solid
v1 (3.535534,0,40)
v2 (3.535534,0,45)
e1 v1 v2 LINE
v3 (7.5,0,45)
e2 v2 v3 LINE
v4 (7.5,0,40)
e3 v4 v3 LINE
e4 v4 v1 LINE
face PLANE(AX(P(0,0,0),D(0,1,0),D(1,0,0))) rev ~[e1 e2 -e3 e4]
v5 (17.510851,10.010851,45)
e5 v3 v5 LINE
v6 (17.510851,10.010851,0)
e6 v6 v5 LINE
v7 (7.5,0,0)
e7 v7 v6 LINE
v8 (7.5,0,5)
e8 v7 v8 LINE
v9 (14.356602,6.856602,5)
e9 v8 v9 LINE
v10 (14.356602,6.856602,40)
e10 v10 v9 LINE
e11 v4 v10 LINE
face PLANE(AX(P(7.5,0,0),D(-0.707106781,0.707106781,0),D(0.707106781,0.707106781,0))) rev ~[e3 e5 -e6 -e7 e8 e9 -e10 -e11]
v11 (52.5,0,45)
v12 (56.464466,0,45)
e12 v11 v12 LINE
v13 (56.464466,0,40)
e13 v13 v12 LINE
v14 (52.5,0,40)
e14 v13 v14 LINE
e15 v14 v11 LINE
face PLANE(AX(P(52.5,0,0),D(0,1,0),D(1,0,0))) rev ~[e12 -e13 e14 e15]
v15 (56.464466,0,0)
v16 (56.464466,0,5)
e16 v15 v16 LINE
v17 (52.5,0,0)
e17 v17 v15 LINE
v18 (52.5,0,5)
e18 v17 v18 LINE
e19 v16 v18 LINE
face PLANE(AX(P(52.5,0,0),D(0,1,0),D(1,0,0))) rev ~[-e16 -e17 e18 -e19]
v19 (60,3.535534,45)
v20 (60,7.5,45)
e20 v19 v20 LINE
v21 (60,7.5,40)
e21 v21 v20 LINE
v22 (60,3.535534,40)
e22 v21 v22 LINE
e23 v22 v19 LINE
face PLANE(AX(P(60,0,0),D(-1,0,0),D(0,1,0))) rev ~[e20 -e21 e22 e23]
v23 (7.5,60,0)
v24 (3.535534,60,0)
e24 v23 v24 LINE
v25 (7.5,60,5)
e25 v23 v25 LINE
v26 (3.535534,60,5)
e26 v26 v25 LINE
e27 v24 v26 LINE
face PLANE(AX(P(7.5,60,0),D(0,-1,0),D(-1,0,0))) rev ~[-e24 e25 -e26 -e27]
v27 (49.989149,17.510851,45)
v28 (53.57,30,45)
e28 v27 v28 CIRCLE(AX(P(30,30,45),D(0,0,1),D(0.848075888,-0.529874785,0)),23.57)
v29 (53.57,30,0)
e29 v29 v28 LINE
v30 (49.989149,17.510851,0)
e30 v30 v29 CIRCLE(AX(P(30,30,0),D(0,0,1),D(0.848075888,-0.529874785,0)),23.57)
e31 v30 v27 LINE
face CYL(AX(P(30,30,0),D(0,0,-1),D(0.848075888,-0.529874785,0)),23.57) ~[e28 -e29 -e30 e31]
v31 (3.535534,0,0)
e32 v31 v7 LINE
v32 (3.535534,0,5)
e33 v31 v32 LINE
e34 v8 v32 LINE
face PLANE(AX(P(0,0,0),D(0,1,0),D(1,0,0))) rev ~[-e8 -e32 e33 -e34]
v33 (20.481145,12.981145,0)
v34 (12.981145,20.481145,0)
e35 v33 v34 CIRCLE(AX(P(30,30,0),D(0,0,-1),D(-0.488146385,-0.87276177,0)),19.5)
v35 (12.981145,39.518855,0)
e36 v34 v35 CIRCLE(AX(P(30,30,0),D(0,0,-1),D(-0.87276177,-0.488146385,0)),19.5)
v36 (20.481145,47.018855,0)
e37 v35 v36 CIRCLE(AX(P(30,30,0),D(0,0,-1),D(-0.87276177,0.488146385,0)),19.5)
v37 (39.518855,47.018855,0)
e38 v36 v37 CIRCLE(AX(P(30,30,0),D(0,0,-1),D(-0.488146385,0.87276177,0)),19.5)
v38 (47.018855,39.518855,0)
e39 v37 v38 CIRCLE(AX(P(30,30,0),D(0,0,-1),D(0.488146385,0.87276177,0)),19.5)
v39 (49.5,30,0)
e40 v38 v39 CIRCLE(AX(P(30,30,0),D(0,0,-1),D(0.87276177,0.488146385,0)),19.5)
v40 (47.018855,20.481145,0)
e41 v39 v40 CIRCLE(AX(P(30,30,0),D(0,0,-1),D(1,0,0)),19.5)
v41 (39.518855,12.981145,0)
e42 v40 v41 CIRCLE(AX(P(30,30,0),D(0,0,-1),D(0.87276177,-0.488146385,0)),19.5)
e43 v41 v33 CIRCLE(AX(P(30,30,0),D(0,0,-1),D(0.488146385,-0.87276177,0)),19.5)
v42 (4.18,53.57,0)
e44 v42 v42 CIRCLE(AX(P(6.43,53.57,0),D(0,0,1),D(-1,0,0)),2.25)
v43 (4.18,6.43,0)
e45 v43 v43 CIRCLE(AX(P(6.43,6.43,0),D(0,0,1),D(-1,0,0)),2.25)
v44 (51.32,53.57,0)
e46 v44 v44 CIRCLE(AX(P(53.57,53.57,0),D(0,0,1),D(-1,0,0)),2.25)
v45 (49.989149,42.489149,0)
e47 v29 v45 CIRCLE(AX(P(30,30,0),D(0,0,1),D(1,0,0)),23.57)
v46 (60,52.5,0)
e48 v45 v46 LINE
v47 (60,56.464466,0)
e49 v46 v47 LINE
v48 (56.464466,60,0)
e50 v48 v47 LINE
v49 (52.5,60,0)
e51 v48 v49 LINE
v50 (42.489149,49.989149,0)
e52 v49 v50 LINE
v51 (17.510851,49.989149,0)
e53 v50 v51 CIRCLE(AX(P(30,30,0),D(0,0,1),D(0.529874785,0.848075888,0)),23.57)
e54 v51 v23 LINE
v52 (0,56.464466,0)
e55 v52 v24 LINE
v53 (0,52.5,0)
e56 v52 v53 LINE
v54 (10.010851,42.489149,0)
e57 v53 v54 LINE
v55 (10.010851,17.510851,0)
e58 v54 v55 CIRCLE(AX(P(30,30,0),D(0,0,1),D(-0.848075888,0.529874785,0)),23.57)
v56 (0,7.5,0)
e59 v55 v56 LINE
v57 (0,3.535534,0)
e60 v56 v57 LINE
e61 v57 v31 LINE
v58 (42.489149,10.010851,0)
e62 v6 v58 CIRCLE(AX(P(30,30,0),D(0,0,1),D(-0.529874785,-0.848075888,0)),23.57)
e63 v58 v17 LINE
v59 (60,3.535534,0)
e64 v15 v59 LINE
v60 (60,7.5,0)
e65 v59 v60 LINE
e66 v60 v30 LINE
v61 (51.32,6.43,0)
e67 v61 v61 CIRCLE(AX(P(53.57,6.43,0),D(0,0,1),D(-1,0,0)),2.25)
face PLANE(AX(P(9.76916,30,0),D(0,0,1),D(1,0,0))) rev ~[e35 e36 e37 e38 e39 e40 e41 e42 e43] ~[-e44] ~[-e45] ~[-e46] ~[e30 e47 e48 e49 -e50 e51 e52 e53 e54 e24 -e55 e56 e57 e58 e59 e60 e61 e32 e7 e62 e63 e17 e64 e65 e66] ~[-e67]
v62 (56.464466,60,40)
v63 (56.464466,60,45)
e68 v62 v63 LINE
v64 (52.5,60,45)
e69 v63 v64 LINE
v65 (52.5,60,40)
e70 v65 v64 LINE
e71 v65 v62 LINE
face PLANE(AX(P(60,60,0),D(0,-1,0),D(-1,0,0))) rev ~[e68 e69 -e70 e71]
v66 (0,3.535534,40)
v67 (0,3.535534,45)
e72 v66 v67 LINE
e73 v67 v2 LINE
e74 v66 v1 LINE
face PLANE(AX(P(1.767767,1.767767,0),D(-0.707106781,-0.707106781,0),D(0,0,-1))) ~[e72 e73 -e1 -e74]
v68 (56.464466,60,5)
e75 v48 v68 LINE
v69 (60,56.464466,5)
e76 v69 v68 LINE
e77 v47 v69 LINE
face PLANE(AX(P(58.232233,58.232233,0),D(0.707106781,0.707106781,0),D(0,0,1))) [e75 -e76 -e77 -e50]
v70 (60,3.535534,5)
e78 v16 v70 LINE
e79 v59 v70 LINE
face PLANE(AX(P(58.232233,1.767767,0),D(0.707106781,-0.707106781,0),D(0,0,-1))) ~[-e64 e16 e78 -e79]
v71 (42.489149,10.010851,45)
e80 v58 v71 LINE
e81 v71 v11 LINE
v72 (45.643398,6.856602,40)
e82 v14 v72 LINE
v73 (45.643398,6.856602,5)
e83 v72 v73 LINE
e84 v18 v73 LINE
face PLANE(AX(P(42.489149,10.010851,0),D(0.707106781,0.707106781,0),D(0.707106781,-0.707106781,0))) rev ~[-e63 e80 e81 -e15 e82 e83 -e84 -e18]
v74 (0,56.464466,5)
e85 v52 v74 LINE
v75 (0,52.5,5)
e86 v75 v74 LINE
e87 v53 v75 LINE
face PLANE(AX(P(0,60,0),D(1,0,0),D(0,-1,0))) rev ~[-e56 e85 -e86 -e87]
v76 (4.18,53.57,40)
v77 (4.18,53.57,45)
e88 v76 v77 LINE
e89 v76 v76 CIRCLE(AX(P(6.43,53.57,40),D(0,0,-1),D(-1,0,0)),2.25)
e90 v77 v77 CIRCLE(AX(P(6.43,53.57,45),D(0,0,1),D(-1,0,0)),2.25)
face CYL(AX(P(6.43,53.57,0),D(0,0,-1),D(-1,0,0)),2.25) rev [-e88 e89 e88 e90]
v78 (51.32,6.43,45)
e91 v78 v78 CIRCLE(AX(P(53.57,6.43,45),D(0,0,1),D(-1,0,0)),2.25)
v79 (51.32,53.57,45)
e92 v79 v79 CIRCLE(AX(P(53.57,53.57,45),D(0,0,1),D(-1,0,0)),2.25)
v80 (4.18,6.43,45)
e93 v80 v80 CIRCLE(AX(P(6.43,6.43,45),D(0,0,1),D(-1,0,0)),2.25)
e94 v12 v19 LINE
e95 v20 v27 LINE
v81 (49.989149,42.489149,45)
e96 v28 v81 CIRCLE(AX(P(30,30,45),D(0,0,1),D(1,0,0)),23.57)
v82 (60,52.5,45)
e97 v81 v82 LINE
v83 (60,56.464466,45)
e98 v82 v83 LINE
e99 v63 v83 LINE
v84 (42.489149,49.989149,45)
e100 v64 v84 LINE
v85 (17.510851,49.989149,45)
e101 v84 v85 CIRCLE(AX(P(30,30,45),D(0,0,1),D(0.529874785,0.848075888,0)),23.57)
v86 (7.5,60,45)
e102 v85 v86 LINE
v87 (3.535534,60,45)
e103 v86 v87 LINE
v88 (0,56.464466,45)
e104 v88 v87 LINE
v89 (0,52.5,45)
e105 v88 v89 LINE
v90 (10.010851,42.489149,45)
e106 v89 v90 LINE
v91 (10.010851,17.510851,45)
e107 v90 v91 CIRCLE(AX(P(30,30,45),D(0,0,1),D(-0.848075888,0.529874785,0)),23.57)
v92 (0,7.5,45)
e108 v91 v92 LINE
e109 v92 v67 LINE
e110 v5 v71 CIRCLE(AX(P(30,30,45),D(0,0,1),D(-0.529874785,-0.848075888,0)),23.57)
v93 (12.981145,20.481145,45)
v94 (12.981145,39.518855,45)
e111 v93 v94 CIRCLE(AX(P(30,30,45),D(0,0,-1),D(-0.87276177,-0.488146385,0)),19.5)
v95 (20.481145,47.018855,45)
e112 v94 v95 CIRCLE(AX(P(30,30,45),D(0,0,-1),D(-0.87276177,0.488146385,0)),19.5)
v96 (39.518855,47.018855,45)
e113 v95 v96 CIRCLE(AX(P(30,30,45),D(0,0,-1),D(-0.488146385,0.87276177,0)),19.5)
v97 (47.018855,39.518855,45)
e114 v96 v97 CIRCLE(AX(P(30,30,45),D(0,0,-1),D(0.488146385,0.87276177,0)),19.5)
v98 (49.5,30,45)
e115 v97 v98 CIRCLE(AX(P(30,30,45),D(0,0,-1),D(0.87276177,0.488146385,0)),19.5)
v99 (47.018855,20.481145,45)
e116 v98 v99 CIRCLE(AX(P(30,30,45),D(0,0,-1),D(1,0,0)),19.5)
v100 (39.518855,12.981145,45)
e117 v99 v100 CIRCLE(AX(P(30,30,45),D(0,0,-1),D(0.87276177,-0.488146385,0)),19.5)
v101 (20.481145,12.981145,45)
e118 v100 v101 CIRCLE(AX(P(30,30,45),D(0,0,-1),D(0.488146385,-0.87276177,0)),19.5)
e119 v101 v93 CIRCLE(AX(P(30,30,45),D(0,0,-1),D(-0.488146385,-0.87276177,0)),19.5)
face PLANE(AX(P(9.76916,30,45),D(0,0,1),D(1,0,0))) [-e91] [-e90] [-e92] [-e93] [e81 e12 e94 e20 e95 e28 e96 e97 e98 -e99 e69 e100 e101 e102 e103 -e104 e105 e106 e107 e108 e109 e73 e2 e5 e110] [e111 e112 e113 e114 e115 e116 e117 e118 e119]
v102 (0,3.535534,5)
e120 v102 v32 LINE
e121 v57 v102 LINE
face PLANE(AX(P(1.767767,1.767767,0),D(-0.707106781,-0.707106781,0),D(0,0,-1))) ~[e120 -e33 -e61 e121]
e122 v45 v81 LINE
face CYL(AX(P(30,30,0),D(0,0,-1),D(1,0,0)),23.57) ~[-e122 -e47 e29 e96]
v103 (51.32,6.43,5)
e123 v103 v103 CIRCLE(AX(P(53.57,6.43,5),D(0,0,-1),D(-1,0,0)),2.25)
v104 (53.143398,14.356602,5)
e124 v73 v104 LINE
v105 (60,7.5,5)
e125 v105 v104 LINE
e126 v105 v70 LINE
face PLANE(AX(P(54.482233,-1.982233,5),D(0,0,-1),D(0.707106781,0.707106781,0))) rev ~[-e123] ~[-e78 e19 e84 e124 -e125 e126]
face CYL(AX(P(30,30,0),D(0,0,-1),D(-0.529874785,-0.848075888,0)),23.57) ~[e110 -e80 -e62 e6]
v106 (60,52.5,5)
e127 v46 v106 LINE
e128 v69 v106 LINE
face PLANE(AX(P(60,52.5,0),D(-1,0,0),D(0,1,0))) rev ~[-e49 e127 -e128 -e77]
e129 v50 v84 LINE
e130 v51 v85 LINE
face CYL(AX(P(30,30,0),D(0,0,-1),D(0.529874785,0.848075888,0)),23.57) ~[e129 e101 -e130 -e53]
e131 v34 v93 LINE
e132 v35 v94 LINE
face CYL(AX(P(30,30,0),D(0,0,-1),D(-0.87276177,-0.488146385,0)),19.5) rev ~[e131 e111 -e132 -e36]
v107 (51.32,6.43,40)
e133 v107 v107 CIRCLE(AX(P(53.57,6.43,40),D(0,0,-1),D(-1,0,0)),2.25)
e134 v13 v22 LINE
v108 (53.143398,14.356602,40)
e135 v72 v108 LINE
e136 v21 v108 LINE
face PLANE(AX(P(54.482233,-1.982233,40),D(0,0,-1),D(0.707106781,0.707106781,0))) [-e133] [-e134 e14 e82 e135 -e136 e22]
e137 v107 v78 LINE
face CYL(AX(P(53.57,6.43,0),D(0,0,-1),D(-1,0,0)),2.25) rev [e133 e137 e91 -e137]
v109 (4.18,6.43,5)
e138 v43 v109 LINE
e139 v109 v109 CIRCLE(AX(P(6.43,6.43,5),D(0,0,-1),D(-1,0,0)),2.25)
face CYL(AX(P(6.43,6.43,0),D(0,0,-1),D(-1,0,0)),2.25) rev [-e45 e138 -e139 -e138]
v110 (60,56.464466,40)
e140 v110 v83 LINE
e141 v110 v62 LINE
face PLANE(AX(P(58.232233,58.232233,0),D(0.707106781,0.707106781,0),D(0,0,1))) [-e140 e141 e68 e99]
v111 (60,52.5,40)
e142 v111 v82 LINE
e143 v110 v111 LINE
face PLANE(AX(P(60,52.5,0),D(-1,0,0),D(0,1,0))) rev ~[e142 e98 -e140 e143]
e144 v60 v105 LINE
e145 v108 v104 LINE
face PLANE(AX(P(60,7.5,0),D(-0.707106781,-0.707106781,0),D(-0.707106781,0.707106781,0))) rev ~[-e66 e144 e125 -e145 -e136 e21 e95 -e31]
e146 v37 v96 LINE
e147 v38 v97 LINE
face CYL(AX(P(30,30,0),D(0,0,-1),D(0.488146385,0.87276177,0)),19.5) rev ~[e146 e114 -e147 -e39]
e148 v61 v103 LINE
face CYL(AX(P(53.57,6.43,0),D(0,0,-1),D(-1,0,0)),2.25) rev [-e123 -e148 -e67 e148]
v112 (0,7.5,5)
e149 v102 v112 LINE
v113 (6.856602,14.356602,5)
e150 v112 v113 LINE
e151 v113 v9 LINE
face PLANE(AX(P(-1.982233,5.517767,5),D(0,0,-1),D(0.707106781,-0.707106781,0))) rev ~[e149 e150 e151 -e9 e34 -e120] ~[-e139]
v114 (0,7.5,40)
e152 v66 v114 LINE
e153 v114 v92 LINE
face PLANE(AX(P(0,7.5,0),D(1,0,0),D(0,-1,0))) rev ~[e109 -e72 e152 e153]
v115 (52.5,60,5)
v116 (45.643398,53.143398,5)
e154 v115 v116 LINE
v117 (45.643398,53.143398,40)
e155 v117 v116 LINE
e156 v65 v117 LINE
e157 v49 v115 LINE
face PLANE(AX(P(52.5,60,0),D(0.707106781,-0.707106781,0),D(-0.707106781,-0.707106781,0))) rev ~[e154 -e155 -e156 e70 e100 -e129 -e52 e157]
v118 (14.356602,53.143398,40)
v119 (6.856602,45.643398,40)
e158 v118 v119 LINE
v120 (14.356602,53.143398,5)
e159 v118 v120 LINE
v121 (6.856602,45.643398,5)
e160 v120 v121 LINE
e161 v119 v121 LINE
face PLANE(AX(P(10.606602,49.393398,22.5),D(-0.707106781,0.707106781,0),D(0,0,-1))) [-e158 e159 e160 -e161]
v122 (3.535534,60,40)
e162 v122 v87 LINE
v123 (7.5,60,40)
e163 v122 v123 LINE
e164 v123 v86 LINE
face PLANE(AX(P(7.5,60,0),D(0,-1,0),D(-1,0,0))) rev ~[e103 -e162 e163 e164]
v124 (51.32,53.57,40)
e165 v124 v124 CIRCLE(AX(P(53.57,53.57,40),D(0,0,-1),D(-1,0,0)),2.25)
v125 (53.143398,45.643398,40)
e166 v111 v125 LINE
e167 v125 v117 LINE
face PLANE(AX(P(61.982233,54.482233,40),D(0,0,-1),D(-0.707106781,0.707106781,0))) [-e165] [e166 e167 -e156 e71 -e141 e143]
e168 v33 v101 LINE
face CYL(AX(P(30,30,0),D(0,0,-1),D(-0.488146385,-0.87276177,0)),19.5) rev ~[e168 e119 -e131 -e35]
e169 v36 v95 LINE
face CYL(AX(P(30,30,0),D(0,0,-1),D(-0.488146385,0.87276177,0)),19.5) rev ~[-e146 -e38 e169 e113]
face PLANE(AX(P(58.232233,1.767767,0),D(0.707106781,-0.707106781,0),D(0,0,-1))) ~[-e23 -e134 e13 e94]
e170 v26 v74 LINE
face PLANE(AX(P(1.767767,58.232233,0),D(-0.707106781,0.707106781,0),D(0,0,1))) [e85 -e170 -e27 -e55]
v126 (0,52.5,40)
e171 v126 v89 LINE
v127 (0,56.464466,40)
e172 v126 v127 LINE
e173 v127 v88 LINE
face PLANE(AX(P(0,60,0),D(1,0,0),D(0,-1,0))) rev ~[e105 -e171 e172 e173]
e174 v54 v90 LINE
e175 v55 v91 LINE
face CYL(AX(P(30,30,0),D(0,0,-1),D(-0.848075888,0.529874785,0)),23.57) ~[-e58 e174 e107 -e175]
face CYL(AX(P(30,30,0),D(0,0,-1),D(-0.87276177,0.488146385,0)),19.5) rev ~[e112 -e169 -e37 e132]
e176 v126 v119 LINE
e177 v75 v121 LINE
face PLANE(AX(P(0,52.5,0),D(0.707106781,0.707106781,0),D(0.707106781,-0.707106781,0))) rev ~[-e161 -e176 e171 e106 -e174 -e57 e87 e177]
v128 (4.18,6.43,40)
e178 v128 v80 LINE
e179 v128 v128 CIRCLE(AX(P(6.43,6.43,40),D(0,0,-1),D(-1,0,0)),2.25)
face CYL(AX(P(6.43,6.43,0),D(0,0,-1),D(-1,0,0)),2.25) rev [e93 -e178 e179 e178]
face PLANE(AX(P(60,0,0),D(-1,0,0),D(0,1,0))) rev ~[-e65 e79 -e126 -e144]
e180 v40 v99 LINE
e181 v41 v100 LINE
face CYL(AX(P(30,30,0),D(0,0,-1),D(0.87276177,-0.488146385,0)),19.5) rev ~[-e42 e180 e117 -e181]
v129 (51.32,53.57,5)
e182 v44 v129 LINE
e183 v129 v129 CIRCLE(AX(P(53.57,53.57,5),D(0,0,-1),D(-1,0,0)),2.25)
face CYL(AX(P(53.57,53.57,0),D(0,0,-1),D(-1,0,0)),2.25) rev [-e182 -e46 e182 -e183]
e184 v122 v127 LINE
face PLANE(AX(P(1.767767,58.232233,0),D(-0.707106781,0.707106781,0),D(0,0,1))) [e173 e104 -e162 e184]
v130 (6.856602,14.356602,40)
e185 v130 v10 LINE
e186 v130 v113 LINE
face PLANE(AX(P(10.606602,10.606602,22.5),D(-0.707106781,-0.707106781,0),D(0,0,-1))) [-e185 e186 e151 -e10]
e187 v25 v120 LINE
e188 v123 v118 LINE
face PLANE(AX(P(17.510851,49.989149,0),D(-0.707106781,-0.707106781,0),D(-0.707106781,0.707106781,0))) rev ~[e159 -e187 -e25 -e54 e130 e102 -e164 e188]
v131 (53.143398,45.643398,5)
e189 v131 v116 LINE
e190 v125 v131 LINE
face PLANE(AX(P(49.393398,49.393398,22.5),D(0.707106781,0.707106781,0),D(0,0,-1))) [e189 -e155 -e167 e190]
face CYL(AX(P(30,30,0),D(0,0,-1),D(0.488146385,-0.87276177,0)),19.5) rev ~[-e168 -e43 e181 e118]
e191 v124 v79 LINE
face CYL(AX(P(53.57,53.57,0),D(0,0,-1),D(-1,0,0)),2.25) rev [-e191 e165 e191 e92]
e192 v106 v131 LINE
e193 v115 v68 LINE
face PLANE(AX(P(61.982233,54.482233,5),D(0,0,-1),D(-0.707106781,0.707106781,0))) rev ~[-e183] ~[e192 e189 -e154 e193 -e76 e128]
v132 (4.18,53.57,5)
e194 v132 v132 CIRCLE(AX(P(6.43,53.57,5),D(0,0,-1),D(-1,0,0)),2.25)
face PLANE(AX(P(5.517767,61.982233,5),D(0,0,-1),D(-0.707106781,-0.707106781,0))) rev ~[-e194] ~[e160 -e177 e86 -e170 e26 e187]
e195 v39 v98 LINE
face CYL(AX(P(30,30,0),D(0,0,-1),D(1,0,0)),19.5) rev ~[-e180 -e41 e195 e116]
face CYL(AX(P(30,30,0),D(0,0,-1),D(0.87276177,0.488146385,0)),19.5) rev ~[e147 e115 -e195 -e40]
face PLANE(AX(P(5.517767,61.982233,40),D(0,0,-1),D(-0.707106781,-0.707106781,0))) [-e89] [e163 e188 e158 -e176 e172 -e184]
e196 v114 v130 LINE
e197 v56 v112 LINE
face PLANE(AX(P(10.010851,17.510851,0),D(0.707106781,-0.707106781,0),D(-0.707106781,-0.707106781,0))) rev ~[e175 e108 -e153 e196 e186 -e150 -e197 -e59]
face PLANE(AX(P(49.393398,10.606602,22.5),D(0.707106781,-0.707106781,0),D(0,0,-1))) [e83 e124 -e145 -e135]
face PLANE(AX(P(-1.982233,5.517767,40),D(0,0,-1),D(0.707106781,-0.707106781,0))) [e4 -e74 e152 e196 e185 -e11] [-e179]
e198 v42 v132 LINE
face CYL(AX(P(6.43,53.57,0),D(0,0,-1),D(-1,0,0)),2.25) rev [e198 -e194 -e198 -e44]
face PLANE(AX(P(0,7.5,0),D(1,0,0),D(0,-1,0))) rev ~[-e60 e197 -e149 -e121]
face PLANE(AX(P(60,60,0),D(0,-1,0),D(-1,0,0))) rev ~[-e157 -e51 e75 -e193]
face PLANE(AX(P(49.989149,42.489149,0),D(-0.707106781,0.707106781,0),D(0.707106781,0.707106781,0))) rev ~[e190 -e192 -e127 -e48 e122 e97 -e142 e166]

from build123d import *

# Parameters (mm, degrees)
SKETCH1_R           = 2.25
BOSS_EXTRUDE1_DEPTH = 45
CHAMFER1_SIZE       = 3.535533906
SKETCH2_W           = 35
SKETCH2_H           = 10.606601718
CUT_EXTRUDE1_DEPTH  = 12.5
CIRPATTERN1_COUNT   = 4


with BuildPart() as part:
    # Sketch1 → Boss-Extrude1 (new body)
    # profile 1 of 12: a face of its own
    with BuildSketch(Plane.XY):
        with BuildLine():
            Line((0, 60), (0, 52.5))
            Line((0, 52.5), (10.010851315, 42.489148685))
            ThreePointArc((10.010851315, 42.489148685), (13.333493167, 46.666506833), (17.510851315, 49.989148685))
            Line((17.510851315, 49.989148685), (7.5, 60))
            Line((7.5, 60), (0, 60))
        make_face()
        with Locations(Location((6.43, 53.57, 0), (0, 0, 180))):
            Circle(SKETCH1_R, mode=Mode.SUBTRACT)
    # profile 2 of 12: a face of its own
    with BuildSketch(Plane.XY):
        with BuildLine():
            ThreePointArc((17.510851315, 49.989148685), (13.333493167, 46.666506833), (10.010851315, 42.489148685))
            Line((10.010851315, 42.489148685), (12.98114549, 39.51885451))
            ThreePointArc((12.98114549, 39.51885451), (16.211417767, 43.788582233), (20.48114549, 47.01885451))
            Line((20.48114549, 47.01885451), (17.510851315, 49.989148685))
        make_face()
    # profile 3 of 12: a face of its own
    with BuildSketch(Plane.XY):
        with BuildLine():
            ThreePointArc((42.489148685, 49.989148685), (30, 53.57), (17.510851315, 49.989148685))
            Line((17.510851315, 49.989148685), (20.48114549, 47.01885451))
            ThreePointArc((20.48114549, 47.01885451), (30, 49.5), (39.51885451, 47.01885451))
            Line((39.51885451, 47.01885451), (42.489148685, 49.989148685))
        make_face()
    # profile 4 of 12: a face of its own
    with BuildSketch(Plane.XY):
        with BuildLine():
            ThreePointArc((49.989148685, 42.489148685), (46.666506833, 46.666506833), (42.489148685, 49.989148685))
            Line((42.489148685, 49.989148685), (39.51885451, 47.01885451))
            ThreePointArc((39.51885451, 47.01885451), (43.788582233, 43.788582233), (47.01885451, 39.51885451))
            Line((47.01885451, 39.51885451), (49.989148685, 42.489148685))
        make_face()
    # profile 5 of 12: a face of its own
    with BuildSketch(Plane.XY):
        with BuildLine():
            Line((49.989148685, 42.489148685), (60, 52.5))
            Line((60, 52.5), (60, 60))
            Line((60, 60), (52.5, 60))
            Line((52.5, 60), (42.489148685, 49.989148685))
            ThreePointArc((42.489148685, 49.989148685), (46.666506833, 46.666506833), (49.989148685, 42.489148685))
        make_face()
        with Locations(Location((53.57, 53.57, 0), (0, 0, 180))):
            Circle(SKETCH1_R, mode=Mode.SUBTRACT)
    # profile 6 of 12: a face of its own
    with BuildSketch(Plane.XY):
        with BuildLine():
            Line((47.01885451, 20.48114549), (49.989148685, 17.510851315))
            ThreePointArc((49.989148685, 17.510851315), (52.657108537, 23.503821681), (53.57, 30))
            ThreePointArc((53.57, 30), (52.657108537, 36.496178319), (49.989148685, 42.489148685))
            Line((49.989148685, 42.489148685), (47.01885451, 39.51885451))
            ThreePointArc((47.01885451, 39.51885451), (48.869521231, 34.918451843), (49.5, 30))
            ThreePointArc((49.5, 30), (48.869521231, 25.081548157), (47.01885451, 20.48114549))
        make_face()
    # profile 7 of 12: a face of its own
    with BuildSketch(Plane.XY):
        with BuildLine():
            Line((42.489148685, 10.010851315), (52.5, 0))
            Line((52.5, 0), (60, 0))
            Line((60, 0), (60, 7.5))
            Line((60, 7.5), (49.989148685, 17.510851315))
            ThreePointArc((49.989148685, 17.510851315), (46.666506833, 13.333493167), (42.489148685, 10.010851315))
        make_face()
        with Locations(Location((53.57, 6.43, 0), (0, 0, 180))):
            Circle(SKETCH1_R, mode=Mode.SUBTRACT)
    # profile 8 of 12: a face of its own
    with BuildSketch(Plane.XY):
        with BuildLine():
            Line((20.48114549, 12.98114549), (17.510851315, 10.010851315))
            ThreePointArc((17.510851315, 10.010851315), (30, 6.43), (42.489148685, 10.010851315))
            Line((42.489148685, 10.010851315), (39.51885451, 12.98114549))
            ThreePointArc((39.51885451, 12.98114549), (30, 10.5), (20.48114549, 12.98114549))
        make_face()
    # profile 9 of 12: a face of its own
    with BuildSketch(Plane.XY):
        with BuildLine():
            ThreePointArc((10.010851315, 17.510851315), (13.333493167, 13.333493167), (17.510851315, 10.010851315))
            Line((17.510851315, 10.010851315), (20.48114549, 12.98114549))
            ThreePointArc((20.48114549, 12.98114549), (16.211417767, 16.211417767), (12.98114549, 20.48114549))
            Line((12.98114549, 20.48114549), (10.010851315, 17.510851315))
        make_face()
    # profile 10 of 12: a face of its own
    with BuildSketch(Plane.XY):
        with BuildLine():
            Line((0, 7.5), (0, 0))
            Line((0, 0), (7.5, 0))
            Line((7.5, 0), (17.510851315, 10.010851315))
            ThreePointArc((17.510851315, 10.010851315), (13.333493167, 13.333493167), (10.010851315, 17.510851315))
            Line((10.010851315, 17.510851315), (0, 7.5))
        make_face()
        with Locations(Location((6.43, 6.43, 0), (0, 0, 180))):
            Circle(SKETCH1_R, mode=Mode.SUBTRACT)
    # profile 11 of 12: a face of its own
    with BuildSketch(Plane.XY):
        with BuildLine():
            Line((39.51885451, 12.98114549), (42.489148685, 10.010851315))
            ThreePointArc((42.489148685, 10.010851315), (46.666506833, 13.333493167), (49.989148685, 17.510851315))
            Line((49.989148685, 17.510851315), (47.01885451, 20.48114549))
            ThreePointArc((47.01885451, 20.48114549), (43.788582233, 16.211417767), (39.51885451, 12.98114549))
        make_face()
    # profile 12 of 12: a face of its own
    with BuildSketch(Plane.XY):
        with BuildLine():
            ThreePointArc((10.010851315, 42.489148685), (6.43, 30), (10.010851315, 17.510851315))
            Line((10.010851315, 17.510851315), (12.98114549, 20.48114549))
            ThreePointArc((12.98114549, 20.48114549), (10.5, 30), (12.98114549, 39.51885451))
            Line((12.98114549, 39.51885451), (10.010851315, 42.489148685))
        make_face()
    extrude(amount=BOSS_EXTRUDE1_DEPTH)

    # Chamfer1
    chamfer1_edges = [part.edges().sort_by_distance(p)[0] for p in [
        (0, 60, 22.5),
        (60, 60, 22.5),
        (60, 0, 22.5),
        (0, 0, 22.5),
    ]]
    chamfer(chamfer1_edges, length=CHAMFER1_SIZE)

    # Sketch2 → Cut-Extrude1 (cut)
    with BuildSketch(Plane(origin=(58.232233047, 58.232233047, 0), x_dir=(0, 0, -1), z_dir=(0.7071067811865489, 0.7071067811865461, 0))):
        with Locations((-22.5, 0)):
            Rectangle(SKETCH2_W, SKETCH2_H)
    cut_extrude1 = extrude(amount=-CUT_EXTRUDE1_DEPTH, mode=Mode.SUBTRACT)

    # CirPattern1: Cut-Extrude1 ×4 about axis
    cirpattern1_axis = Axis((30, 30, 0), (0, 0, 1))
    for i in range(1, CIRPATTERN1_COUNT):
        add(cut_extrude1.rotate(cirpattern1_axis, i * 360 / CIRPATTERN1_COUNT), mode=Mode.SUBTRACT)


solid = part.part
